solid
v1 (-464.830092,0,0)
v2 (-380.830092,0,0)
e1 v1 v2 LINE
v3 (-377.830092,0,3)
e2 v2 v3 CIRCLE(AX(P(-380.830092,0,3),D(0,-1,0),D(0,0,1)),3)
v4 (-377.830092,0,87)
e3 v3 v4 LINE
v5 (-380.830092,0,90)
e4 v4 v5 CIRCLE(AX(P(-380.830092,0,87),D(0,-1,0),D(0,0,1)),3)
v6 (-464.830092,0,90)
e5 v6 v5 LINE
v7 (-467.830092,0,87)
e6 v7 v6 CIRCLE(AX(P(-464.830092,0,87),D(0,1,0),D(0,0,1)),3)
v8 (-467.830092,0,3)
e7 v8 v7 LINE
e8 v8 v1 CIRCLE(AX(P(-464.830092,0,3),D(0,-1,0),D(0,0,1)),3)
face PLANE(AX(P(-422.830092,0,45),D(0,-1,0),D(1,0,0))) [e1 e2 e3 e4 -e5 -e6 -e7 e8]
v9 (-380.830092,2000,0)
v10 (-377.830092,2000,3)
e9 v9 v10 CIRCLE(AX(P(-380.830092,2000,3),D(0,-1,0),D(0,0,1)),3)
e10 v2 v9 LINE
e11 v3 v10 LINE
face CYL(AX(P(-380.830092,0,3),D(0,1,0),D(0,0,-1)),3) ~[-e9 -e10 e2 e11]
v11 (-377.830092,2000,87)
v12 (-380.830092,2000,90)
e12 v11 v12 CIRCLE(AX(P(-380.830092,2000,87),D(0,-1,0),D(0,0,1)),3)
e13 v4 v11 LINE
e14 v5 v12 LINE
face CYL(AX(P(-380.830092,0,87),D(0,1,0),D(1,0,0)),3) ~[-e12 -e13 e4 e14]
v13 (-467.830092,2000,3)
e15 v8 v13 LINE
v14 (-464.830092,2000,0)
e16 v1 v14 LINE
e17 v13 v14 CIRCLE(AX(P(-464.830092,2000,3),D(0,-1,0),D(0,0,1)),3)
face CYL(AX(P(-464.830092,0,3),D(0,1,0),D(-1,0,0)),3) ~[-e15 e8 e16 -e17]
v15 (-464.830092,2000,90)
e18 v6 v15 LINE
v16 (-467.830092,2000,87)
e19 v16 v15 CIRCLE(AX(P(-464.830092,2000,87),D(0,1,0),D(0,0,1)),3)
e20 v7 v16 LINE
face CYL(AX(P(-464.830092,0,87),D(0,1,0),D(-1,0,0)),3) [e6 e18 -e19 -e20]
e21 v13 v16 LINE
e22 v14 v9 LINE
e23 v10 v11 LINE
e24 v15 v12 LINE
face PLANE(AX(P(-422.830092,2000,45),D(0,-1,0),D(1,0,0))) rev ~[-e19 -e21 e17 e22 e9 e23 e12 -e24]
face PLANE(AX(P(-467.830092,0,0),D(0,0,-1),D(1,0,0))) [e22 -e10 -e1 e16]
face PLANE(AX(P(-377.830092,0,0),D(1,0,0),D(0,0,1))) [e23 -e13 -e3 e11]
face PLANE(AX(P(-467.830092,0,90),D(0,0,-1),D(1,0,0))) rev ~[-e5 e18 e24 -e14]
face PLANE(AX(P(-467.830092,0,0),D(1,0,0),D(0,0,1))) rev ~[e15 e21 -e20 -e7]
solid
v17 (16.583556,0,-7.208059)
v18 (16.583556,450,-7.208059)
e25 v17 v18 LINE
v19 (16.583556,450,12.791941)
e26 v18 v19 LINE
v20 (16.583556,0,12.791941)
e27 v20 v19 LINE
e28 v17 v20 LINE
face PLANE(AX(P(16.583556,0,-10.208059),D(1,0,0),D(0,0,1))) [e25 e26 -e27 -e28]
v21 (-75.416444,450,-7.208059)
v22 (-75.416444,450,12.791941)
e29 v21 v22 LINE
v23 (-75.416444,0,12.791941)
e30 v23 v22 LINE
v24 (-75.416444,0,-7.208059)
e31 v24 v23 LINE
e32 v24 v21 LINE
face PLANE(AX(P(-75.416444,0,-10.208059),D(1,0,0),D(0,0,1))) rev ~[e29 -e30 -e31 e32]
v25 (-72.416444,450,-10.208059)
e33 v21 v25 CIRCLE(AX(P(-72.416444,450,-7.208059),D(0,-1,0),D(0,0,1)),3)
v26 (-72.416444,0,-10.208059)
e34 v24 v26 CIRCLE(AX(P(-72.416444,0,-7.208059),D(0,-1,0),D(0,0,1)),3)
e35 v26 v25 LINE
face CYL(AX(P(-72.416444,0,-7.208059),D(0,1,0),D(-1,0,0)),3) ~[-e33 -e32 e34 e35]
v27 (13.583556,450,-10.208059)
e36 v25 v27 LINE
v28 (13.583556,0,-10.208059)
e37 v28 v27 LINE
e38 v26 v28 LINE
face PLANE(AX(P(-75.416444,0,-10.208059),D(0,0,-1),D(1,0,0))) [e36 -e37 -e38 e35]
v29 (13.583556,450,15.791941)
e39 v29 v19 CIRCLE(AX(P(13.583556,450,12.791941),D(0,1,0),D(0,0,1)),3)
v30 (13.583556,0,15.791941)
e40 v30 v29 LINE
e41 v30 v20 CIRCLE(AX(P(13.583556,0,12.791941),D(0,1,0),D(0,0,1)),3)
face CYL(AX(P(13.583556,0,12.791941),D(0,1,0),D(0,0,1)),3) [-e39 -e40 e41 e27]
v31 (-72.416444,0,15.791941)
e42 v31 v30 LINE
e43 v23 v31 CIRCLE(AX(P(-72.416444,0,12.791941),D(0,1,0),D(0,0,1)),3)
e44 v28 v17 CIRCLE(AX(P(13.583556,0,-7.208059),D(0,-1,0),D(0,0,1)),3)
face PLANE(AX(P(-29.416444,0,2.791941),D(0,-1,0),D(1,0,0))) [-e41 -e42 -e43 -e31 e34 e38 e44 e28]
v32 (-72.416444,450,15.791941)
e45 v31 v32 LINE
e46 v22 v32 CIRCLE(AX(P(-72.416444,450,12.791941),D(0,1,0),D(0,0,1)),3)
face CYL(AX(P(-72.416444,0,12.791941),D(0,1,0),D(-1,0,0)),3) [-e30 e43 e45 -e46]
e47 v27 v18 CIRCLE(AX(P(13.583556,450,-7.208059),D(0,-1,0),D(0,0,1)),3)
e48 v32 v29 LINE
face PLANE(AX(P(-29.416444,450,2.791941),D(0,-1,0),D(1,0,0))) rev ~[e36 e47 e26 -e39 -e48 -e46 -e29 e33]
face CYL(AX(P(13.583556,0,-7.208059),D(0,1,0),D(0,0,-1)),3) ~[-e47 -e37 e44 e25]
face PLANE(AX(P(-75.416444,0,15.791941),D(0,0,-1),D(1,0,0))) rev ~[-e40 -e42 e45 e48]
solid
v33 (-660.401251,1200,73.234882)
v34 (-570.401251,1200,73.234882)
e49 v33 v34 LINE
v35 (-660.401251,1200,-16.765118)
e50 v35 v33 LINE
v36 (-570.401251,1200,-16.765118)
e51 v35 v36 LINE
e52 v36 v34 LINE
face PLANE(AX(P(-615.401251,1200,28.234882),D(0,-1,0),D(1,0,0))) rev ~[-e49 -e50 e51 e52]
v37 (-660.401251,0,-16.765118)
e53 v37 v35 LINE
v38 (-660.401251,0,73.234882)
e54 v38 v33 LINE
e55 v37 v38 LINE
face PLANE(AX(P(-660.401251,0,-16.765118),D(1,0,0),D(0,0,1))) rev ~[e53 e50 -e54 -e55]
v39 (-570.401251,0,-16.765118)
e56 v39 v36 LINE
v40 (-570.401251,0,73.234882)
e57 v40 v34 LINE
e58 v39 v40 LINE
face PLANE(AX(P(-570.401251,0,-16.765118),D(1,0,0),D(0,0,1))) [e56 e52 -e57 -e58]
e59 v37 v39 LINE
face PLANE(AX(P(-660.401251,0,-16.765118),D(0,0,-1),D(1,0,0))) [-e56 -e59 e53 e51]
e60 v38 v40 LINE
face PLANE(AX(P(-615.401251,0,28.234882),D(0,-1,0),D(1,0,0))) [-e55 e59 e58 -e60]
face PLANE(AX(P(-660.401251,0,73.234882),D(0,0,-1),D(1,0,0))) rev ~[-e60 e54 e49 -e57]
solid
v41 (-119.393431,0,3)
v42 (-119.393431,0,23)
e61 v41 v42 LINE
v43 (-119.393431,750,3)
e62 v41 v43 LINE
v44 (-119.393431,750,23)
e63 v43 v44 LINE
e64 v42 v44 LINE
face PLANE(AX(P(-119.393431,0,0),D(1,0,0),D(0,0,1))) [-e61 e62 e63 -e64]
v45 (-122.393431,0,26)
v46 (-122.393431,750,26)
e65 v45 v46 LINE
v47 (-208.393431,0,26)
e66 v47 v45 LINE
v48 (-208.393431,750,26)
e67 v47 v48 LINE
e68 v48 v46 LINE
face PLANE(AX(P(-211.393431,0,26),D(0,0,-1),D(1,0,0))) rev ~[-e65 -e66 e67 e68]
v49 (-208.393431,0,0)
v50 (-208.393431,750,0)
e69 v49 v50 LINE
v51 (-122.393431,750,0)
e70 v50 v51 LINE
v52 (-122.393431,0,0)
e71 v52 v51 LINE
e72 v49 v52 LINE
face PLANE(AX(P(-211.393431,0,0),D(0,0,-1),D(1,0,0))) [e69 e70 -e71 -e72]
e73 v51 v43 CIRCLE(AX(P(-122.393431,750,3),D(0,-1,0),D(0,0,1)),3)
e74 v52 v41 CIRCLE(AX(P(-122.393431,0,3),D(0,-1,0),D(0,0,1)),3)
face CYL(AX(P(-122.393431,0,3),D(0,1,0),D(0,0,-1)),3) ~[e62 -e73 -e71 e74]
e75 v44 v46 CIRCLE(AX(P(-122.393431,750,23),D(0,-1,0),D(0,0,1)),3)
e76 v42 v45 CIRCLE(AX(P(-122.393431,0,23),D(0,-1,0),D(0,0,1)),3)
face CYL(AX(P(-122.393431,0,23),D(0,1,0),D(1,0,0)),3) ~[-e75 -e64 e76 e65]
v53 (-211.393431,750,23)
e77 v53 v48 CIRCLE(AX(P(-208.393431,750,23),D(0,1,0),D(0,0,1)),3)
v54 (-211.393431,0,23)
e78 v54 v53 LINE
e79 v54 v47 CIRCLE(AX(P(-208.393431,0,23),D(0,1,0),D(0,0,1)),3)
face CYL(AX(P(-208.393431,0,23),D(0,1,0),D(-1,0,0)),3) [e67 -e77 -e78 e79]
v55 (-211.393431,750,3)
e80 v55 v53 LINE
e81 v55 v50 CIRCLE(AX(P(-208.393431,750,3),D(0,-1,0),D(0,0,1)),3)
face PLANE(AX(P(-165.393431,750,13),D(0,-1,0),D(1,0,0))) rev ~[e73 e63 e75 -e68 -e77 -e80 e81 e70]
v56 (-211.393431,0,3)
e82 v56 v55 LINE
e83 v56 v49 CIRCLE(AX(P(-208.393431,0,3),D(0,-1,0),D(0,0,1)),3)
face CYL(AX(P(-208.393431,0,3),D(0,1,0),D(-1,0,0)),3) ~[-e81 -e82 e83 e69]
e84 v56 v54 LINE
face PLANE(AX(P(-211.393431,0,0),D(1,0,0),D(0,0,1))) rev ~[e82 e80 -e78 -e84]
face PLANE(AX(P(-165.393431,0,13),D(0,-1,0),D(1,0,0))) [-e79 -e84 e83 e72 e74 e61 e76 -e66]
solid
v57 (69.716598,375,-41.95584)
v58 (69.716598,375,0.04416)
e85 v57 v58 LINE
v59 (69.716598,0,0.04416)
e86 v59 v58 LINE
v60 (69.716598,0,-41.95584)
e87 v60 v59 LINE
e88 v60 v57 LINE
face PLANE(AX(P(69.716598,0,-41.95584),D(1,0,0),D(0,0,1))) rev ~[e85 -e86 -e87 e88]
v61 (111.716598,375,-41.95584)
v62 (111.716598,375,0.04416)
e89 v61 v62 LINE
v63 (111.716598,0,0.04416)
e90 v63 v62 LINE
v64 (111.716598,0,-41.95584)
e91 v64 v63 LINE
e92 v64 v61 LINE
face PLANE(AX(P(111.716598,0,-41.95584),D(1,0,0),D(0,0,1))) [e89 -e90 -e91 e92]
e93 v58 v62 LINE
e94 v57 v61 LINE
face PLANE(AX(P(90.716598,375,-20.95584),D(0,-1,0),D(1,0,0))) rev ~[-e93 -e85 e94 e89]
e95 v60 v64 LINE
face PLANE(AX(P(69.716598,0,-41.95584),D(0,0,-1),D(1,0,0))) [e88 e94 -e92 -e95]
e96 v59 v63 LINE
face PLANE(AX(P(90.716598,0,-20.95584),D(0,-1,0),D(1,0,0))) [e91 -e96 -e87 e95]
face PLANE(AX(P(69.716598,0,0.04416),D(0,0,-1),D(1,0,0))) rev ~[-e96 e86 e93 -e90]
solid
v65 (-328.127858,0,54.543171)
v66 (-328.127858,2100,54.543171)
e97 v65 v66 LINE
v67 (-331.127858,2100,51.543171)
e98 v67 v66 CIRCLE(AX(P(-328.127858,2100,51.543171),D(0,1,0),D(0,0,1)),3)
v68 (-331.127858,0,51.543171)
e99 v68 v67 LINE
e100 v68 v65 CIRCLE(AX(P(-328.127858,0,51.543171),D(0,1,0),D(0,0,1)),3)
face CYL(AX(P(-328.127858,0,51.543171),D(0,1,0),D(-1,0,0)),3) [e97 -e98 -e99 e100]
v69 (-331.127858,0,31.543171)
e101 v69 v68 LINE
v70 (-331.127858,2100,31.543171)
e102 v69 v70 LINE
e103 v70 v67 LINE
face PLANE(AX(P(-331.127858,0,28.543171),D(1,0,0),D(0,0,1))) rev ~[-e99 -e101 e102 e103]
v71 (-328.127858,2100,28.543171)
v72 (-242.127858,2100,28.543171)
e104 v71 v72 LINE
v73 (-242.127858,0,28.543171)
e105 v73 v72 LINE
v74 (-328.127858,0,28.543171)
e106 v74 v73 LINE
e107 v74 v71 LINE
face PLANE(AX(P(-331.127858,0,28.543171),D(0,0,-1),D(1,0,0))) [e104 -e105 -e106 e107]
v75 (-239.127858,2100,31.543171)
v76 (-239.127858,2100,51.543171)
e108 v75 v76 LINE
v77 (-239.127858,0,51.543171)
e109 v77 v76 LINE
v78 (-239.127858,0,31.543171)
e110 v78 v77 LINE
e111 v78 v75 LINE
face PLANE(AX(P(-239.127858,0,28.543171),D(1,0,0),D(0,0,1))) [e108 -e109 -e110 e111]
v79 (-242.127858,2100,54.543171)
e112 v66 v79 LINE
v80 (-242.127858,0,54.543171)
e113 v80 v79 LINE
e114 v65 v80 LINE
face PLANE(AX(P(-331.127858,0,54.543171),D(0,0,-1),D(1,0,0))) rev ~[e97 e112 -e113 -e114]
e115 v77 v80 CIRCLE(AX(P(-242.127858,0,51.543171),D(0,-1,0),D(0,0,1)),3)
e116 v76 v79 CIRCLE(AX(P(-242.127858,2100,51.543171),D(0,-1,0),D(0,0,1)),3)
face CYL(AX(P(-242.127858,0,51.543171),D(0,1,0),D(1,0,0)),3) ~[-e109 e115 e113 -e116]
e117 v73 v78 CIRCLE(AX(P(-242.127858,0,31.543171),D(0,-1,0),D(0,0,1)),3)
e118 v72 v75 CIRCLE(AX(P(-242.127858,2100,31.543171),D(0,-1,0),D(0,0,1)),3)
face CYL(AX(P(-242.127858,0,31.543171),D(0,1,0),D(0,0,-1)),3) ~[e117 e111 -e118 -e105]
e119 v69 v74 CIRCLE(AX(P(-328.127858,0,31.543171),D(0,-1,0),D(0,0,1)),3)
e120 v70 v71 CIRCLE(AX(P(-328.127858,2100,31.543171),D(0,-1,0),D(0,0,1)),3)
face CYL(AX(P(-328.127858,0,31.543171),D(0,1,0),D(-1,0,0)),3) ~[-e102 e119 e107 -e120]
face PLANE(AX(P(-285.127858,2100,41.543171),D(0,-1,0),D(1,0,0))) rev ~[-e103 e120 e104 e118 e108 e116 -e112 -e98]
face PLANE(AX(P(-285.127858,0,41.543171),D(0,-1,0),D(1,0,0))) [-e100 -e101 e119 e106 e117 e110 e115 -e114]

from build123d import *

# Parameters (mm, degrees)
F0_W      = 92
F0_H      = 26
F1_DEPTH  = 450
F2_R      = 3
F3_R      = 3
F4_W      = 92
F4_H      = 26
F5_DEPTH  = 750
F6_R      = 3
F7_W      = 92
F7_H      = 26
F8_DEPTH  = 2100
F9_R      = 3
F10_W     = 42
F10_H     = 42
F11_DEPTH = 375
F12_W     = 90
F12_H     = 90
F13_DEPTH = 2000
F14_R     = 3
F15_W     = 90
F15_H     = 90
F16_DEPTH = 1200


with BuildPart() as f1:
    # F0 (on Front) → F1 (new body)
    with BuildSketch(Plane.XZ):
        with Locations((-29.416444, 2.791941)):
            Rectangle(F0_W, F0_H)
    extrude(amount=-F1_DEPTH)

    # F2
    f2_edges = [f1.edges().sort_by_distance(p)[0] for p in [
        (-75.416444, 225, 15.791941),
        (-75.416444, 225, -10.208059),
    ]]
    fillet(f2_edges, radius=F2_R)

    # F3
    f3_edges = [f1.edges().sort_by_distance(p)[0] for p in [
        (16.583556, 225, 15.791941),
        (16.583556, 225, -10.208059),
    ]]
    fillet(f3_edges, radius=F3_R)


with BuildPart() as f5:
    # F4 (on Front) → F5 (new body)
    with BuildSketch(Plane.XZ):
        with Locations((-165.393431, 13)):
            Rectangle(F4_W, F4_H)
    extrude(amount=-F5_DEPTH)

    # F6
    f6_edges = [f5.edges().sort_by_distance(p)[0] for p in [
        (-211.393431, 375, 26),
        (-119.393431, 375, 26),
        (-119.393431, 375, 0),
        (-211.393431, 375, 0),
    ]]
    fillet(f6_edges, radius=F6_R)


with BuildPart() as f8:
    # F7 (on Front) → F8 (new body)
    with BuildSketch(Plane.XZ):
        with Locations((-285.127858, 41.543171)):
            Rectangle(F7_W, F7_H)
    extrude(amount=-F8_DEPTH)

    # F9
    f9_edges = [f8.edges().sort_by_distance(p)[0] for p in [
        (-331.127858, 1050, 54.543171),
        (-239.127858, 1050, 54.543171),
        (-239.127858, 1050, 28.543171),
        (-331.127858, 1050, 28.543171),
    ]]
    fillet(f9_edges, radius=F9_R)


with BuildPart() as f11:
    # F10 (on Front) → F11 (new body)
    with BuildSketch(Plane.XZ):
        with Locations((90.716598, -20.95584)):
            Rectangle(F10_W, F10_H)
    extrude(amount=-F11_DEPTH)


with BuildPart() as f13:
    # F12 (on Front) → F13 (new body)
    with BuildSketch(Plane.XZ):
        with Locations((-422.830092, 45)):
            Rectangle(F12_W, F12_H)
    extrude(amount=-F13_DEPTH)

    # F14
    f14_edges = [f13.edges().sort_by_distance(p)[0] for p in [
        (-467.830092, 1000, 90),
        (-377.830092, 1000, 90),
        (-467.830092, 1000, 0),
        (-377.830092, 1000, 0),
    ]]
    fillet(f14_edges, radius=F14_R)


with BuildPart() as f16:
    # F15 (on Front) → F16 (new body)
    with BuildSketch(Plane.XZ):
        with Locations((-615.401251, 28.234882)):
            Rectangle(F15_W, F15_H)
    extrude(amount=-F16_DEPTH)


solid = Compound([f1.part, f5.part, f8.part, f11.part, f13.part, f16.part])
